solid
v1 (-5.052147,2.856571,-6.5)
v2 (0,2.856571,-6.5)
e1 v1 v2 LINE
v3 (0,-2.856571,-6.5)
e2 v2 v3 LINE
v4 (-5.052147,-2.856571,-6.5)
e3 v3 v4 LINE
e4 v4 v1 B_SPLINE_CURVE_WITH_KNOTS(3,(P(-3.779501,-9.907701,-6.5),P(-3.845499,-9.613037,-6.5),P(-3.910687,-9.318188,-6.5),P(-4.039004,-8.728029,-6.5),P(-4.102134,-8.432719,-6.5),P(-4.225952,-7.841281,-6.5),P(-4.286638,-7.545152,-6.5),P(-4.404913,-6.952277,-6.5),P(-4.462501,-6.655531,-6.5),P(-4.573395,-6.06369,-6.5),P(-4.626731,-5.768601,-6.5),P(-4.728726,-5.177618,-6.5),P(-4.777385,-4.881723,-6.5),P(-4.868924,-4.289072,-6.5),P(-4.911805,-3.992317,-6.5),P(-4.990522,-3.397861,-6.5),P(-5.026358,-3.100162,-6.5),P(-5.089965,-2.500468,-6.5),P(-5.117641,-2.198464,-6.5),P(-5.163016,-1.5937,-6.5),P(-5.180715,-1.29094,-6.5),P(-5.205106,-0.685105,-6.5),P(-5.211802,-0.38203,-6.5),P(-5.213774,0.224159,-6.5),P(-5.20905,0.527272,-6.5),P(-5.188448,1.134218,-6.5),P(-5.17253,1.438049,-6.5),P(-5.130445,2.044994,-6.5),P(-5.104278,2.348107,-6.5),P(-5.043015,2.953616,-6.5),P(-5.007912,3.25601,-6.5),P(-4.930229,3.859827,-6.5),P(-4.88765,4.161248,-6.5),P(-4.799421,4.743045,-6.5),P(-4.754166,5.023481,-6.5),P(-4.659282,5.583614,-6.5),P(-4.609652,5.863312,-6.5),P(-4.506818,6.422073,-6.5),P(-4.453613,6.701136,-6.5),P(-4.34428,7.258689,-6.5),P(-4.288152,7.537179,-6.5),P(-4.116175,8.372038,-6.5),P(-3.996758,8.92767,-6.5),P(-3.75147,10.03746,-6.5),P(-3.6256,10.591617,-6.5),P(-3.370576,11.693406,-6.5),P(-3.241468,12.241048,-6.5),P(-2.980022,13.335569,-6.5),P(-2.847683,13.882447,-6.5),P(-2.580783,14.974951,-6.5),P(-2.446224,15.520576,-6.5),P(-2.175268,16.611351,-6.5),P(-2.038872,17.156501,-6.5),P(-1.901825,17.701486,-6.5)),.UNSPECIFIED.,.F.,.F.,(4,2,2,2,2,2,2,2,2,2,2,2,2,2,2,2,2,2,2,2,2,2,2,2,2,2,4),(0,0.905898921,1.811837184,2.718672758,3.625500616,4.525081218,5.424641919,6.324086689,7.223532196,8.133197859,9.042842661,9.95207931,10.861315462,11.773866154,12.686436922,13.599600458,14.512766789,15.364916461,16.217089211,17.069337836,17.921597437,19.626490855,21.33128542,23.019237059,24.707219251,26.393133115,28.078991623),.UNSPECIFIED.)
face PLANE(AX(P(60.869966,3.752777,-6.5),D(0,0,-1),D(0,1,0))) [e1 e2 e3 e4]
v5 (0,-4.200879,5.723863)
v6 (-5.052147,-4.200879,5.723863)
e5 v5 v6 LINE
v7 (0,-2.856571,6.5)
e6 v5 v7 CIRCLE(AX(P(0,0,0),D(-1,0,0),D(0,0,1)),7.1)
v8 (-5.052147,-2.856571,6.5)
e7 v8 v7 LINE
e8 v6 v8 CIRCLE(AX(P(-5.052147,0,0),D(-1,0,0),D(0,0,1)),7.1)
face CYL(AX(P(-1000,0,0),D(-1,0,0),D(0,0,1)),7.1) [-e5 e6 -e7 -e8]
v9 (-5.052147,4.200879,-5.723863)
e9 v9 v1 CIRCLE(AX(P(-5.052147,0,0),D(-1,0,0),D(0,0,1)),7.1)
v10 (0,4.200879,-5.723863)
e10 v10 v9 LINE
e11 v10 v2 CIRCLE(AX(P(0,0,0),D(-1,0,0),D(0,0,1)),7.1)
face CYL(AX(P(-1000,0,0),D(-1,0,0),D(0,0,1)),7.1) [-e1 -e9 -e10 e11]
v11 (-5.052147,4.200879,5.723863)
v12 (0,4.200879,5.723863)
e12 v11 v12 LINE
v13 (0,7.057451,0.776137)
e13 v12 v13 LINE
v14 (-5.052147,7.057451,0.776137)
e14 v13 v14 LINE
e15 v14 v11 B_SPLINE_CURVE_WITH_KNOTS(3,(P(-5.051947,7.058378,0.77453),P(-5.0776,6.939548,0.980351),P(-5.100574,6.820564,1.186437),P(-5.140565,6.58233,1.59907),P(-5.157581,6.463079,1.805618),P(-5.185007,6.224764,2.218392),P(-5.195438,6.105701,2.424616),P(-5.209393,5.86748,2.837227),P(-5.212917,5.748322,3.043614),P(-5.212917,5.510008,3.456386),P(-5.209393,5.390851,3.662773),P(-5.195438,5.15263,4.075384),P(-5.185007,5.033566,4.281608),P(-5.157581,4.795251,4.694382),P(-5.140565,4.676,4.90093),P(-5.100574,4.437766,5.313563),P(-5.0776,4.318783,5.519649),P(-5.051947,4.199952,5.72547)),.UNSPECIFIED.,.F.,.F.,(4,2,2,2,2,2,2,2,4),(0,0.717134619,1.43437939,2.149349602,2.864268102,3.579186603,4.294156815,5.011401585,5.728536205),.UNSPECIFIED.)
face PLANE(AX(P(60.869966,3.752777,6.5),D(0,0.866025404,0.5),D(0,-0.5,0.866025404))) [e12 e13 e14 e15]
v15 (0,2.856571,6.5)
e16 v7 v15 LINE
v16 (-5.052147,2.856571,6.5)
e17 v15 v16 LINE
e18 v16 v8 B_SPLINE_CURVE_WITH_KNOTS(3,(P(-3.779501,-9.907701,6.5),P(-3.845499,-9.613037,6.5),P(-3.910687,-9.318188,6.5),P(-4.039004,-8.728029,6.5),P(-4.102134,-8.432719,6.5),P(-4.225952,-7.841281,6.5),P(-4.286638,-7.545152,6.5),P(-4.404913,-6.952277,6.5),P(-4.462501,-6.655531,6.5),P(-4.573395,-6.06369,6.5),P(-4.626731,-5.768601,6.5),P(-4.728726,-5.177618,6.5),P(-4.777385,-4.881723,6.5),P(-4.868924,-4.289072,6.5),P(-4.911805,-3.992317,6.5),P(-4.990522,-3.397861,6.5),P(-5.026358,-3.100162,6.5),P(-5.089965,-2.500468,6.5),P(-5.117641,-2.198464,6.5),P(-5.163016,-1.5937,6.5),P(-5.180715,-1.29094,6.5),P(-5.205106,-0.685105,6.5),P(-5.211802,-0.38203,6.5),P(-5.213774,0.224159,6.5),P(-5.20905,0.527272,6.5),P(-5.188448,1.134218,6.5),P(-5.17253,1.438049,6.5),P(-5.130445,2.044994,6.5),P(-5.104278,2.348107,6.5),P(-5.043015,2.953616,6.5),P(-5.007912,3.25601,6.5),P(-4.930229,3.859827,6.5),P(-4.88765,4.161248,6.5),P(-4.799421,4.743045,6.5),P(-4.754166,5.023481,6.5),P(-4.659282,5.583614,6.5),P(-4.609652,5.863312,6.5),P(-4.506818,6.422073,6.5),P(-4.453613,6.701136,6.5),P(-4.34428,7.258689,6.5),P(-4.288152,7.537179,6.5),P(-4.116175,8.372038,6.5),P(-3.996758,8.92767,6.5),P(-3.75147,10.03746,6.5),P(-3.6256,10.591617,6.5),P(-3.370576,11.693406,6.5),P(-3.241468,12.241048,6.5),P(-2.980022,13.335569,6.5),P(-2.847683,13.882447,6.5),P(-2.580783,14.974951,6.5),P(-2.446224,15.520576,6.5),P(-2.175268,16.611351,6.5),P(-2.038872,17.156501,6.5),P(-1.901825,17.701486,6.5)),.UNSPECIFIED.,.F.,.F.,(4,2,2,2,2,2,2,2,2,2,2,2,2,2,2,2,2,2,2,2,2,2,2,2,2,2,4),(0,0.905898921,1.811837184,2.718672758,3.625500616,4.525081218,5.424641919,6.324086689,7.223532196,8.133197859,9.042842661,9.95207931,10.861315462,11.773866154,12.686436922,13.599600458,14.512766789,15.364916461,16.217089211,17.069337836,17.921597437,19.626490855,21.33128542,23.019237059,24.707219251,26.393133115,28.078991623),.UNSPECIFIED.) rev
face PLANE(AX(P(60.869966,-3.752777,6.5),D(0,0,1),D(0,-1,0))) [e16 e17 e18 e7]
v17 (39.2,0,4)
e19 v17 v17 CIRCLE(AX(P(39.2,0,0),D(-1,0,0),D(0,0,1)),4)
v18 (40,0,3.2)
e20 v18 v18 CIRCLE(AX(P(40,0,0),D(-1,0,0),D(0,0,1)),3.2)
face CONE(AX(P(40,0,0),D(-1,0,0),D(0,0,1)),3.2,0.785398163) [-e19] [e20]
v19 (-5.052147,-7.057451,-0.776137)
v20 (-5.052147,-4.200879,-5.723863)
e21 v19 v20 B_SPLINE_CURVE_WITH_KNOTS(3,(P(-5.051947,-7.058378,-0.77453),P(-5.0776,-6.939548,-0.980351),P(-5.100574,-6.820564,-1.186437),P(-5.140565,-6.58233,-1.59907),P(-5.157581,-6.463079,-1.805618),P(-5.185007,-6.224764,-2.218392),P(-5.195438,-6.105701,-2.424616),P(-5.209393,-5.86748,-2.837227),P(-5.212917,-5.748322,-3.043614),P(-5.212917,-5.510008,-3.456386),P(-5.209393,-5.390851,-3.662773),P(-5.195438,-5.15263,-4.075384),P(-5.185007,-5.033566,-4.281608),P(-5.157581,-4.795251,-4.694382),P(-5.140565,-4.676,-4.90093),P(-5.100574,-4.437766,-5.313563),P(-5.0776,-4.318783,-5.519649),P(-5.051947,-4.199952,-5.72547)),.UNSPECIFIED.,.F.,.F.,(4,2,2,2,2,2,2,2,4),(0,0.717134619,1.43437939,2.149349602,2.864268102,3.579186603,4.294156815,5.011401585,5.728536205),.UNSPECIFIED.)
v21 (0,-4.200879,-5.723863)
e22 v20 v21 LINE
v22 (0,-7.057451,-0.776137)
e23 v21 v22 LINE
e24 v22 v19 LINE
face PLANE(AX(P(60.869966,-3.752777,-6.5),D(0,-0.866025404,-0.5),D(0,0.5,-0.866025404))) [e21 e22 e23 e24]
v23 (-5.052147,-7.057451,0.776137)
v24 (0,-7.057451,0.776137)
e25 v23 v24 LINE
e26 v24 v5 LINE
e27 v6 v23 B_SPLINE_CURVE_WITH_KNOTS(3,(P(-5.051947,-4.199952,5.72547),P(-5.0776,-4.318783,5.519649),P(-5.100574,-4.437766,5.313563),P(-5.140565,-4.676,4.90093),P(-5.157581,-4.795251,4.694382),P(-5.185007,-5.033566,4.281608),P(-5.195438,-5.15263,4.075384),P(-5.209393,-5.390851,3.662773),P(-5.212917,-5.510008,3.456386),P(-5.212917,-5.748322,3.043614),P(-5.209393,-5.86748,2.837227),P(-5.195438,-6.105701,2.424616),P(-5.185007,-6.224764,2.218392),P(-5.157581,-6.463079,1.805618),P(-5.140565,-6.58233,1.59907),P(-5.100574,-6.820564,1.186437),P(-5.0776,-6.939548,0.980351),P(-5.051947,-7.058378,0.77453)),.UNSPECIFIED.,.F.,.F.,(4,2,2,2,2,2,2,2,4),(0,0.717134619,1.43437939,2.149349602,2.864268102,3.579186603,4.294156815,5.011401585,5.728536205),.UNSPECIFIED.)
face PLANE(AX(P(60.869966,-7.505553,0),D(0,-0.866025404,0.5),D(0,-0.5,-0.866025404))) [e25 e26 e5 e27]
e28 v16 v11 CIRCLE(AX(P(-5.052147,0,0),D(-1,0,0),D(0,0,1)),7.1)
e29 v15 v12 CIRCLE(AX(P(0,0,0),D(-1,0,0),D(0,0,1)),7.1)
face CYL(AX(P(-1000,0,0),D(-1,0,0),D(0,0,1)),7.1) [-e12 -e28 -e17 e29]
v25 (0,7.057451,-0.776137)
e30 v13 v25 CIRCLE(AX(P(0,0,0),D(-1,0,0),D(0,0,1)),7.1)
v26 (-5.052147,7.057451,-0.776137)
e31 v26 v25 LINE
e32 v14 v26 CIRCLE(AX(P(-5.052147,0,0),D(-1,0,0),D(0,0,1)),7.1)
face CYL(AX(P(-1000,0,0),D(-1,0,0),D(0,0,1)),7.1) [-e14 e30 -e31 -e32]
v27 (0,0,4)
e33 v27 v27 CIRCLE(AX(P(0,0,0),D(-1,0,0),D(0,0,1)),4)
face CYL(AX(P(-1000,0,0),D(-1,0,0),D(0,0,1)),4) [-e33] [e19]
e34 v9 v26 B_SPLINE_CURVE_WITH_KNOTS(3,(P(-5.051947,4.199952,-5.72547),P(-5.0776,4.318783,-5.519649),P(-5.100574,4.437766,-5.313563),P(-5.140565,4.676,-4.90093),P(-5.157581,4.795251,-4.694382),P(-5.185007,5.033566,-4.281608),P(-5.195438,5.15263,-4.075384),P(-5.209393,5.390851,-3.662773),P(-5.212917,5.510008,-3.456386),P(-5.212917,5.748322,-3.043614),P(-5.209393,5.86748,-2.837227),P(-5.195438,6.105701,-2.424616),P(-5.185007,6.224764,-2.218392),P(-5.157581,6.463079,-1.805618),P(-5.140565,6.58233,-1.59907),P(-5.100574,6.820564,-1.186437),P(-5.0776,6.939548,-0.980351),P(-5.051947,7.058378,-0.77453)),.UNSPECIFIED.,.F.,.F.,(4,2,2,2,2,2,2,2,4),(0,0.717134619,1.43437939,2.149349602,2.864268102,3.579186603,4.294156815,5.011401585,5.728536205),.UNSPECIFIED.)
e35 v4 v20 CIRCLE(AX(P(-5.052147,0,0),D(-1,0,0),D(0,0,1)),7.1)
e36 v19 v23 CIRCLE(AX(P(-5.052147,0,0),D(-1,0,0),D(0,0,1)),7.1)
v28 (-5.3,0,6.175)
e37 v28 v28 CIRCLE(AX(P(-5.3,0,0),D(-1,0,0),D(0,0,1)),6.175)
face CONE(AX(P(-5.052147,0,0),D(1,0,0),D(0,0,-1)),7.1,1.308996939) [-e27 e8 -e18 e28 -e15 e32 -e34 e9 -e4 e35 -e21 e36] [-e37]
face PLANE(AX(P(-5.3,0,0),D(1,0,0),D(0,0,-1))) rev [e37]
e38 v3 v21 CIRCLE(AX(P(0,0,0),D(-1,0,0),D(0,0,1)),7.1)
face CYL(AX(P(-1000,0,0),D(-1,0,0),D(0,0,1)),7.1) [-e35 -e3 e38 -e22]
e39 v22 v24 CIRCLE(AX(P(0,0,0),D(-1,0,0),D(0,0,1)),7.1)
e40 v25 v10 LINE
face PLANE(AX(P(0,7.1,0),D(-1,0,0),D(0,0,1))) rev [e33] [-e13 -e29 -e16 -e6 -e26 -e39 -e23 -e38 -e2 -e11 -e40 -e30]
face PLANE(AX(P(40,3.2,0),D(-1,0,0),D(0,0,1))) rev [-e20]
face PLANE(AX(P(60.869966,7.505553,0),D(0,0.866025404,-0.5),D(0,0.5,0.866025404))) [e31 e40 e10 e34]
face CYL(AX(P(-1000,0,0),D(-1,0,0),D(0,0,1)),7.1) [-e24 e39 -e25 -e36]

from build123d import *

# Parameters (mm, degrees)
SKETCH_2_OUTSIDE_W  = 26.11
SKETCH_2_OUTSIDE_H  = 26.11
CUT_EXTRUDE_1_DEPTH = 45.3


with BuildPart() as part:
    # Эскиз1 → Повернуть1 (revolve)
    with BuildSketch(Plane.XY, mode=Mode.PRIVATE) as revolve_1_sk:
        Polygon((-5.3, 0), (-5.3, 6.175), (-5.052146997, 7.1), (0, 7.1), (0, 4), (39.2, 4), (40, 3.2), (40, 0), align=None)
    revolve(revolve_1_sk.sketch.rotate(Axis((-1000, 0, 0), (1, 0, 0)), 90), axis=Axis((-1000, 0, 0), (1, 0, 0)))

    # Эскиз2 outside → Вырез-Вытянуть1 (cut)
    with BuildSketch(Plane.ZY.offset(5.3)):
        Rectangle(SKETCH_2_OUTSIDE_W, SKETCH_2_OUTSIDE_H)
        Polygon((0, 7.505553499), (-6.5, 3.75277675), (-6.5, -3.75277675), (0, -7.505553499), (6.5, -3.75277675), (6.5, 3.75277675), align=None, mode=Mode.SUBTRACT)
    extrude(amount=-CUT_EXTRUDE_1_DEPTH, mode=Mode.SUBTRACT)


solid = part.part
